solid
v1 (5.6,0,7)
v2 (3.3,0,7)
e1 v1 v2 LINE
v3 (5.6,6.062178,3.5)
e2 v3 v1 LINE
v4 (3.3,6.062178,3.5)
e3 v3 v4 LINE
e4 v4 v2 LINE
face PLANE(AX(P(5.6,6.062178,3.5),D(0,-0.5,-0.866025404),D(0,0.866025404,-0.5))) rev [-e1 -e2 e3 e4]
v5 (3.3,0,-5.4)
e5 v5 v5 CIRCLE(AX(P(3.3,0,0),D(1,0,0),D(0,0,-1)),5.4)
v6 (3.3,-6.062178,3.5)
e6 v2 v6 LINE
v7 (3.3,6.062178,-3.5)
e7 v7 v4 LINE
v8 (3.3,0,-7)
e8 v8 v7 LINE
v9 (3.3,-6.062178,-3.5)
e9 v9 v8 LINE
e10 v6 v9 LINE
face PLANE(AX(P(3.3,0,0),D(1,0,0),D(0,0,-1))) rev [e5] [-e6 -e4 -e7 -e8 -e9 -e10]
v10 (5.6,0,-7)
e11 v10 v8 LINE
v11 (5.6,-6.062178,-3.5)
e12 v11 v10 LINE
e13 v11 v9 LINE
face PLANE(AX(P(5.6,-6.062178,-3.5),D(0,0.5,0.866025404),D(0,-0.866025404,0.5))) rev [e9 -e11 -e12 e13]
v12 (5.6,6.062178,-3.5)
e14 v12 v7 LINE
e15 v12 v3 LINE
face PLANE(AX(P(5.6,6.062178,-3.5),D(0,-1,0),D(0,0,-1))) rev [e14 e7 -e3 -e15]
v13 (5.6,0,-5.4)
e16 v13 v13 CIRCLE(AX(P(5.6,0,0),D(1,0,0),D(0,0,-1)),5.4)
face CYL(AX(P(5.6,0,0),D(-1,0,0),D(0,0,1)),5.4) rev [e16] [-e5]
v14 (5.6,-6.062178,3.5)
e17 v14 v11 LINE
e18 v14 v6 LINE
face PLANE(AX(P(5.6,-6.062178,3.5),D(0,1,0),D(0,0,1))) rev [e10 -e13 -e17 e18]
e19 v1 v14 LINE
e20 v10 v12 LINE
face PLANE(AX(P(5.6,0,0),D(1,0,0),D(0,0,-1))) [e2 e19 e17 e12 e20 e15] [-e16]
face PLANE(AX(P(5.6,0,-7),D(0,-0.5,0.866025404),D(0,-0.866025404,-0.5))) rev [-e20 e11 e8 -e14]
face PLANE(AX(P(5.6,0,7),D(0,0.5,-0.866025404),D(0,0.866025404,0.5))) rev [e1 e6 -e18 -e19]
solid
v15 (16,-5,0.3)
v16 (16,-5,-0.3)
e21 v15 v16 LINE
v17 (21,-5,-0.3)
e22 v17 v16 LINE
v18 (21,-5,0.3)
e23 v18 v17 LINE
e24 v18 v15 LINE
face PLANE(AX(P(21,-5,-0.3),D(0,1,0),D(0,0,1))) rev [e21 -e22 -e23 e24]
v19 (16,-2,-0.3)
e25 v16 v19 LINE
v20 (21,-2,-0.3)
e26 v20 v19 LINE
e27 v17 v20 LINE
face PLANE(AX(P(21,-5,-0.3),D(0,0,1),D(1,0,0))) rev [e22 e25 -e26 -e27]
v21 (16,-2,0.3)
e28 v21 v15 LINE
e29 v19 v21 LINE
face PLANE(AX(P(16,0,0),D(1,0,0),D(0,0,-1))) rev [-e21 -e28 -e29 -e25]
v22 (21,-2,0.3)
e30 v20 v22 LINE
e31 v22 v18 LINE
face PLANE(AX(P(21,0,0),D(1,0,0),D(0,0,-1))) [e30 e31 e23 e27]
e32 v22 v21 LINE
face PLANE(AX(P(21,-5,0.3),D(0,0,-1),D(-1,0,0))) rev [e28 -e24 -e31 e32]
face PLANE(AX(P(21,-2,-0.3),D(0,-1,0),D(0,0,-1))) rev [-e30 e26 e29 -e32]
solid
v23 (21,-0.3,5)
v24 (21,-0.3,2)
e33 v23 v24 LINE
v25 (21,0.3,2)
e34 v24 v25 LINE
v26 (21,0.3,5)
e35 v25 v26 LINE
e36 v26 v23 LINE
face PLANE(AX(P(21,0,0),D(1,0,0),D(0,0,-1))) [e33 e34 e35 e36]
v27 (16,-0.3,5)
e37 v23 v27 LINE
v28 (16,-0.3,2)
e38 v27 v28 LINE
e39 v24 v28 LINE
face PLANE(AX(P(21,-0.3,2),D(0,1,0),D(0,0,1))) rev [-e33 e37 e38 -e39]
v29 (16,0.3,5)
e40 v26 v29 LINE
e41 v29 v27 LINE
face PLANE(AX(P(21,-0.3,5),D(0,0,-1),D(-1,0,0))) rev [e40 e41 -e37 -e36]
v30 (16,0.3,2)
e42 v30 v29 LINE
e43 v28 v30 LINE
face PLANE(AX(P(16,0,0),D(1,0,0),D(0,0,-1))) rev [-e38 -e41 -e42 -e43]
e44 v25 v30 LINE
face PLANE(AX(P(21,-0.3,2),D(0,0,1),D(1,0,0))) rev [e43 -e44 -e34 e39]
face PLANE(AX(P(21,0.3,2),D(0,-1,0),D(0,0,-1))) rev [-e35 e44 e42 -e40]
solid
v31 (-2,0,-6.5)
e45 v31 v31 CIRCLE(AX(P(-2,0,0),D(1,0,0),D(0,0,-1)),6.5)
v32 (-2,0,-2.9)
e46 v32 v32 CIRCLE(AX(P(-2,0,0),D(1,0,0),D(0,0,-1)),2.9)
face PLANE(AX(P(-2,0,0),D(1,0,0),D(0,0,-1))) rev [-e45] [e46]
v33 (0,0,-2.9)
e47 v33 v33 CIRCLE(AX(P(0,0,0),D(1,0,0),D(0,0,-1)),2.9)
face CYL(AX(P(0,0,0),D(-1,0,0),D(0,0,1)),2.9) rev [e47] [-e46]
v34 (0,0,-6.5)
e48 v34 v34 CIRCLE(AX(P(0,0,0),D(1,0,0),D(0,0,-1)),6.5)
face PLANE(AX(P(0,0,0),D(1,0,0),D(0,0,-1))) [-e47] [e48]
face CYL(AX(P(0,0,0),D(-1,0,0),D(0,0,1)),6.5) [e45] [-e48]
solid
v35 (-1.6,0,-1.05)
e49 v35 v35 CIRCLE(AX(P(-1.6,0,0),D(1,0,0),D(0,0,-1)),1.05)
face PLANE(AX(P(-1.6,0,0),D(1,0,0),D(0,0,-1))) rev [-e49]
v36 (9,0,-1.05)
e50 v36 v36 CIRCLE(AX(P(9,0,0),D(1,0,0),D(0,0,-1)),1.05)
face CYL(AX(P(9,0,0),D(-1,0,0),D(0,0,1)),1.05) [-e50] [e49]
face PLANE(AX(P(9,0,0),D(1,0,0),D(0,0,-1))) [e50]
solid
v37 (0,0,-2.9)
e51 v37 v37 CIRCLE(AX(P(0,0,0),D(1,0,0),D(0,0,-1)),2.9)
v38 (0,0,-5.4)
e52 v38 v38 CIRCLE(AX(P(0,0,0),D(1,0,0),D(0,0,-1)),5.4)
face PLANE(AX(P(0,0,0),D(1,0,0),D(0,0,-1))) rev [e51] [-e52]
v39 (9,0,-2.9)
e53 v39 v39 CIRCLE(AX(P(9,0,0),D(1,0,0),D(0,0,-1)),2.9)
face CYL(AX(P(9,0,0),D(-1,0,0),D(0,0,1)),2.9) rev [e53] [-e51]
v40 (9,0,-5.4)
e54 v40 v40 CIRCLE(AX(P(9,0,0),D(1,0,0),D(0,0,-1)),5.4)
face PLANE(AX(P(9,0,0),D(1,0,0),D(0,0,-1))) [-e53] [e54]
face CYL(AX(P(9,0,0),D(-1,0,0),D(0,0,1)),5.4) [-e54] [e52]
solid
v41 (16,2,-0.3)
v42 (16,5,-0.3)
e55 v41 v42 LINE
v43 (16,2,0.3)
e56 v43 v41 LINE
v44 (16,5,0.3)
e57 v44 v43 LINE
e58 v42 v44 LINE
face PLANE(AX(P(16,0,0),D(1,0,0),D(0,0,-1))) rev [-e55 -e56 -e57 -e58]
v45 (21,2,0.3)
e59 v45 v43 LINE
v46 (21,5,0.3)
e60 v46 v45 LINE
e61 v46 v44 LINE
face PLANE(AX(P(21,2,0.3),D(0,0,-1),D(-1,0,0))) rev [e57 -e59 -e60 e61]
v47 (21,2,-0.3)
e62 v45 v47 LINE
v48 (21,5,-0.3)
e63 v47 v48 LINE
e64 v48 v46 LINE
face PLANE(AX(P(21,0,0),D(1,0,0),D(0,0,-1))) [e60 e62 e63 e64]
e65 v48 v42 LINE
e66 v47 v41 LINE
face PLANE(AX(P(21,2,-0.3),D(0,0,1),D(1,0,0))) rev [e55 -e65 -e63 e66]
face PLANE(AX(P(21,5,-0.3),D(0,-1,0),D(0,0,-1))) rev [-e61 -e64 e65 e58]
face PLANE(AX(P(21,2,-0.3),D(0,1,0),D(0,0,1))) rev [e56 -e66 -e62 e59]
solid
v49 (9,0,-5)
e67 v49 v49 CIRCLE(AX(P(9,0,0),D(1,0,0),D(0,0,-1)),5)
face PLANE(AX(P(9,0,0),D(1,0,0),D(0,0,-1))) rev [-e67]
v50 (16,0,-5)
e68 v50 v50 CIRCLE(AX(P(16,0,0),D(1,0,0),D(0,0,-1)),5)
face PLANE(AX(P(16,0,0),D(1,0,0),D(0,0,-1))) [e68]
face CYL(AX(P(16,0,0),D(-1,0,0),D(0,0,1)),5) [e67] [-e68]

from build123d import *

# Parameters (mm, degrees)
FRONT_START          = -2
SK_FRONT_COLLAR_R    = 6.5
SK_FRONT_COLLAR_R_2  = 2.9
FRONT_COLLAR_DEPTH   = 2
CENTRE_START         = -1.6
SK_CENTRE_PIN_R      = 1.05
CENTRE_PIN_DEPTH     = 10.6
SK_THREADED_BODY_R   = 5.4
SK_THREADED_BODY_R_2 = 2.9
THREADED_BODY_DEPTH  = 9
PANEL_START          = 3.3
SK_PANEL_NUT_R       = 5.4
PANEL_NUT_DEPTH      = 2.3
REAR_START           = 9
SK_REAR_HOUSING_R    = 5
REAR_HOUSING_DEPTH   = 7
SOLDER_START         = 16
SK_SOLDER_TABS_W     = 0.6
SK_SOLDER_TABS_H     = 3
SOLDER_TABS_DEPTH    = 5
SOLDER_TABS_2_DEPTH  = 5
SK_SOLDER_TABS_W_2   = 3
SK_SOLDER_TABS_H_2   = 0.6
SOLDER_TABS_3_DEPTH  = 5


with BuildPart() as part:
    # SK Front collar → Front collar (new body)
    with BuildSketch(Plane(origin=(0, 0, 0), x_dir=(0, 0, -1), z_dir=(1, 0, 0)).offset(FRONT_START)):
        Circle(SK_FRONT_COLLAR_R)
        Circle(SK_FRONT_COLLAR_R_2, mode=Mode.SUBTRACT)
    extrude(amount=FRONT_COLLAR_DEPTH)


with BuildPart() as body_2:
    # SK Centre pin → Centre pin (new body)
    with BuildSketch(Plane(origin=(0, 0, 0), x_dir=(0, 0, -1), z_dir=(1, 0, 0)).offset(CENTRE_START)):
        Circle(SK_CENTRE_PIN_R)
    extrude(amount=CENTRE_PIN_DEPTH)


with BuildPart() as body_3:
    # SK Threaded body → Threaded body (new body)
    with BuildSketch(Plane(origin=(0, 0, 0), x_dir=(0, 0, -1), z_dir=(1, 0, 0))):
        Circle(SK_THREADED_BODY_R)
        Circle(SK_THREADED_BODY_R_2, mode=Mode.SUBTRACT)
    extrude(amount=THREADED_BODY_DEPTH)


with BuildPart() as body_4:
    # SK Panel nut → Panel nut (new body)
    with BuildSketch(Plane(origin=(0, 0, 0), x_dir=(0, 0, -1), z_dir=(1, 0, 0)).offset(PANEL_START)):
        Polygon((7, 0), (3.5, 6.062177826), (-3.5, 6.062177826), (-7, 0), (-3.5, -6.062177826), (3.5, -6.062177826), align=None)
        Circle(SK_PANEL_NUT_R, mode=Mode.SUBTRACT)
    extrude(amount=PANEL_NUT_DEPTH)


with BuildPart() as body_5:
    # SK Rear housing → Rear housing (new body)
    with BuildSketch(Plane(origin=(0, 0, 0), x_dir=(0, 0, -1), z_dir=(1, 0, 0)).offset(REAR_START)):
        Circle(SK_REAR_HOUSING_R)
    extrude(amount=REAR_HOUSING_DEPTH)


with BuildPart() as body_6:
    # SK Solder tabs → Solder tabs (new body)
    with BuildSketch(Plane(origin=(0, 0, 0), x_dir=(0, 0, -1), z_dir=(1, 0, 0)).offset(SOLDER_START)):
        with Locations((0, 3.5)):
            Rectangle(SK_SOLDER_TABS_W, SK_SOLDER_TABS_H)
    extrude(amount=SOLDER_TABS_DEPTH)


with BuildPart() as body_7:
    # SK Solder tabs → Solder tabs 2 (new body)
    with BuildSketch(Plane(origin=(0, 0, 0), x_dir=(0, 0, -1), z_dir=(1, 0, 0)).offset(SOLDER_START)):
        with Locations((0, -3.5)):
            Rectangle(SK_SOLDER_TABS_W, SK_SOLDER_TABS_H)
    extrude(amount=SOLDER_TABS_2_DEPTH)


with BuildPart() as body_8:
    # SK Solder tabs → Solder tabs 3 (new body)
    with BuildSketch(Plane(origin=(0, 0, 0), x_dir=(0, 0, -1), z_dir=(1, 0, 0)).offset(SOLDER_START)):
        with Locations((-3.5, 0)):
            Rectangle(SK_SOLDER_TABS_W_2, SK_SOLDER_TABS_H_2)
    extrude(amount=SOLDER_TABS_3_DEPTH)


solid = Compound([part.part, body_2.part, body_3.part, body_4.part, body_5.part, body_6.part, body_7.part, body_8.part])
